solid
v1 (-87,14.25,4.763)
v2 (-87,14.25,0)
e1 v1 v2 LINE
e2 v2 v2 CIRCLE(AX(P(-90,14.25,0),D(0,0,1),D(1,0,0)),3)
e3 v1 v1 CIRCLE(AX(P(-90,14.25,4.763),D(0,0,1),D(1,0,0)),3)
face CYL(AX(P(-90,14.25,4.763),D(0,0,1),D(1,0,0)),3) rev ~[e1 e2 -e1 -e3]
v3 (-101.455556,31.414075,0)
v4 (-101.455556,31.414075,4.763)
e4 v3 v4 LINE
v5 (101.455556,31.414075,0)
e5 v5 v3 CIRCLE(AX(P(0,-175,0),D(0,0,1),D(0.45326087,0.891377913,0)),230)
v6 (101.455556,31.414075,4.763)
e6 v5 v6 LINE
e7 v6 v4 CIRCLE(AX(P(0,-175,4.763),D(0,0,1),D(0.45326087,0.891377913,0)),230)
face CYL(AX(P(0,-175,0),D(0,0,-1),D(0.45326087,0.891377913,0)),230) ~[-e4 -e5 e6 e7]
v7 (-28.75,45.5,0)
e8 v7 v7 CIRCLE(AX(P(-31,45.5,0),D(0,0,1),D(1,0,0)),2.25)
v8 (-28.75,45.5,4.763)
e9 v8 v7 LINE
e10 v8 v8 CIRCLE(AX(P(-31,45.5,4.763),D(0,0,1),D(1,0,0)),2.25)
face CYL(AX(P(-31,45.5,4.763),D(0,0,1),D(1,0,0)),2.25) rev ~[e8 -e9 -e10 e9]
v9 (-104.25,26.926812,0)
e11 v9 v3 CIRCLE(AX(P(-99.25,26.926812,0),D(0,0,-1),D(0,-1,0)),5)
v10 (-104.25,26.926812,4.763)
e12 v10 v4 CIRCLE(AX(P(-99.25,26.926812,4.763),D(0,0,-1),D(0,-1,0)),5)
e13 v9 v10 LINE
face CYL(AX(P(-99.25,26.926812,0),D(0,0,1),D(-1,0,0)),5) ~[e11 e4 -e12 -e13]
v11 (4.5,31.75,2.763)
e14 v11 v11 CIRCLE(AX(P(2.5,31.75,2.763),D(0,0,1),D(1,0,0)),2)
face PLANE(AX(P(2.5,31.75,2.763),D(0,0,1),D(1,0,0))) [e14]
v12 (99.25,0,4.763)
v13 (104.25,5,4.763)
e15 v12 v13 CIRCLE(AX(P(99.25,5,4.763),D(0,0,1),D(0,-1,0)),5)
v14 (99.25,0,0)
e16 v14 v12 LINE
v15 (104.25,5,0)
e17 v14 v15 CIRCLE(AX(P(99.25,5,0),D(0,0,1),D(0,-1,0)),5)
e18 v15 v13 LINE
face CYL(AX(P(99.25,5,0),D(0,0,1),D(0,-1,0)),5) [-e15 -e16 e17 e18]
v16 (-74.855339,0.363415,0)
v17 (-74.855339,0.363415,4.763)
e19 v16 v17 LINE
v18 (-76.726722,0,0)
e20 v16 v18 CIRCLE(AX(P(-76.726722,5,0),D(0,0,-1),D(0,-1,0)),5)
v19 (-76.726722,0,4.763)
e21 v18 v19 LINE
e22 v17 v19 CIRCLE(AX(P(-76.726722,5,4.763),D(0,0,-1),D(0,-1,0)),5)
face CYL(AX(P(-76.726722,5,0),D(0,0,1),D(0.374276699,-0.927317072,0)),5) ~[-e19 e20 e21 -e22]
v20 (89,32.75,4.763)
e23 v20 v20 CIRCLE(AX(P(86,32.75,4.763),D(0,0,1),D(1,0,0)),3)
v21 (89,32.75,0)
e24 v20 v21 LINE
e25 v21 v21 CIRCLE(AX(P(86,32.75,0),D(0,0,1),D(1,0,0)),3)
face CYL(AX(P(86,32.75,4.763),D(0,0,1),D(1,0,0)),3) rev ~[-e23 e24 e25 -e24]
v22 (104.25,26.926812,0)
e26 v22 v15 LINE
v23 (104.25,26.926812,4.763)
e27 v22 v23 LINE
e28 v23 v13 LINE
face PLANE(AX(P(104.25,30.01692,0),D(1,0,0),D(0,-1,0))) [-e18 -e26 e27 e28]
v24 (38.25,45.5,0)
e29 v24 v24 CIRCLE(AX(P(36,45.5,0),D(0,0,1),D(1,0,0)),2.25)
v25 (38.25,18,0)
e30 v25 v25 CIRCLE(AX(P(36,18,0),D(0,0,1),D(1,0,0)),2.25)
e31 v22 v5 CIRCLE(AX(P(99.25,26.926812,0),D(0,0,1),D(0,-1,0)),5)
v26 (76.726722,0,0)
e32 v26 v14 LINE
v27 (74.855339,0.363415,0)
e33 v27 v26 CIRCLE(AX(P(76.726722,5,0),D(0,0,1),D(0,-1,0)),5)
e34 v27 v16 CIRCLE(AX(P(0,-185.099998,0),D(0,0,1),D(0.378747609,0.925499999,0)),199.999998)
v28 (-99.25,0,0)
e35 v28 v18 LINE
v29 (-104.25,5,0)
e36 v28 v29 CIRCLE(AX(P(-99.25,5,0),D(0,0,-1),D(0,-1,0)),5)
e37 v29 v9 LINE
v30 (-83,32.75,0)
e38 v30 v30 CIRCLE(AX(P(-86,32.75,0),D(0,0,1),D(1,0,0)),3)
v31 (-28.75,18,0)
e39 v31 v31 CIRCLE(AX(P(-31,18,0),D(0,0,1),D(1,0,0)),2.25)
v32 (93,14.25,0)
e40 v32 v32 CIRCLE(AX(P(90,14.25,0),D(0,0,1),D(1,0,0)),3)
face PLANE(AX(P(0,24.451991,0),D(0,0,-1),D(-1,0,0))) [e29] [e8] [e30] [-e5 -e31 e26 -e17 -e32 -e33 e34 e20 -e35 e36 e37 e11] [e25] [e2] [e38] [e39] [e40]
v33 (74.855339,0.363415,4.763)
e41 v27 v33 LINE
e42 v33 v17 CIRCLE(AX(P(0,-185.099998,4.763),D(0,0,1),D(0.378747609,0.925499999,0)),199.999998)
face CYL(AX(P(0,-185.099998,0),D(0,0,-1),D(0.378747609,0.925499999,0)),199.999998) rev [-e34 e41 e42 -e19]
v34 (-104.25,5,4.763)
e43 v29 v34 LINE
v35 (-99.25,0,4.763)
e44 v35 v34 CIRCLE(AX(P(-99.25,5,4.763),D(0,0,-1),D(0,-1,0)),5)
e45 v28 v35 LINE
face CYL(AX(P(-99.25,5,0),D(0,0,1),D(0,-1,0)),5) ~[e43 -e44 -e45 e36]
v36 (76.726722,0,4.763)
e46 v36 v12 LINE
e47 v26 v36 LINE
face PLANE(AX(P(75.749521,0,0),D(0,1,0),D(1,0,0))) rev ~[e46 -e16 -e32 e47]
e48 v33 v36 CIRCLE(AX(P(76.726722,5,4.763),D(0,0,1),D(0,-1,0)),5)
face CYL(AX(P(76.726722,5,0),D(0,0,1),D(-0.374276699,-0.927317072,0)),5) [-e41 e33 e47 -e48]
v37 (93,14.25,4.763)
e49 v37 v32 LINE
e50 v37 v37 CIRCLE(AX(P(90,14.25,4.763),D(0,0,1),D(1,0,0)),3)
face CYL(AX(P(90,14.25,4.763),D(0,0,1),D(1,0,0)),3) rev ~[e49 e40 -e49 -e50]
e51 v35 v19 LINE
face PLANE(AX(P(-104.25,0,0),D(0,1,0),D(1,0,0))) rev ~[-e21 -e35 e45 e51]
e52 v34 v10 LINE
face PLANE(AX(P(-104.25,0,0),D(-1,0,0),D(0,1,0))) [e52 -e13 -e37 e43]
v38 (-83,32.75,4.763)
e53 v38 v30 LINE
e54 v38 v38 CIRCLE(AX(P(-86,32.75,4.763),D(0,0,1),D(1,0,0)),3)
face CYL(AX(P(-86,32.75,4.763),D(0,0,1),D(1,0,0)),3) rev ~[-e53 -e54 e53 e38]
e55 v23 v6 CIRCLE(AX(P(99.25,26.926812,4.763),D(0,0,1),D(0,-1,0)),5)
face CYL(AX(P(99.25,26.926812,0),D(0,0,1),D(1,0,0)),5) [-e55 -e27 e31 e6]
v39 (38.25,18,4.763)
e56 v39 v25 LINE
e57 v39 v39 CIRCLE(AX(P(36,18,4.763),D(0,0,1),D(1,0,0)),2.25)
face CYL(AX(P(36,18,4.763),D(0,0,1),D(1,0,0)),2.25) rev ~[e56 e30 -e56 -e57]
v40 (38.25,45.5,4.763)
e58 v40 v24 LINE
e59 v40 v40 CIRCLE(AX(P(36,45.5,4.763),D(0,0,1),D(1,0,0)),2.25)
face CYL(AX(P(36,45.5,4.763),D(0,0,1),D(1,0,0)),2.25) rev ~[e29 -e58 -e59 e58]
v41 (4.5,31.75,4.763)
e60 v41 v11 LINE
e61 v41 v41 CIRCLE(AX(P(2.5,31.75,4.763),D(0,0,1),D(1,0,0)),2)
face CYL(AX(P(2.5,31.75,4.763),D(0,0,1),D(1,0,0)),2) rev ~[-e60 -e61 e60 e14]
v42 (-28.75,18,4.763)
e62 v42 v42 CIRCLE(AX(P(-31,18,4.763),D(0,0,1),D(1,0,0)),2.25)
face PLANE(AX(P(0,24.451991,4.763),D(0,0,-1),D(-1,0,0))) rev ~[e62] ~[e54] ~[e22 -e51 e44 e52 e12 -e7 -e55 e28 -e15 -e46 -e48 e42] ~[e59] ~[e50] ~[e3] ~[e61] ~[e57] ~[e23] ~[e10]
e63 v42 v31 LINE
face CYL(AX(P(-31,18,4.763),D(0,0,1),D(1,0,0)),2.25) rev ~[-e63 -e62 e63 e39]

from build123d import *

# Parameters (mm, degrees)
PAD_DEPTH       = 4.763
SKETCH001_R     = 2.25
SKETCH001_R_2   = 3
POCKET_DEPTH    = 4.764
FILLET_R        = 5
SKETCH003_R     = 2
POCKET001_DEPTH = 2


with BuildPart() as part:
    # Sketch → Pad (new body)
    with BuildSketch(Plane.XY):
        with BuildLine():
            ThreePointArc((75.749521, 0), (0, 14.9), (-75.749521, 0))
            Line((-104.25, 0), (-75.749521, 0))
            Line((-104.25, 0), (-104.25, 30.01692))
            ThreePointArc((104.25, 30.01692), (0, 55), (-104.25, 30.01692))
            Line((104.25, 30.01692), (104.25, 0))
            Line((75.749521, 0), (104.25, 0))
        make_face()
    extrude(amount=PAD_DEPTH)

    # Sketch001 (on Face8 of Pad) → Pocket (cut, through all)
    with BuildSketch(Plane.XY.offset(4.763)):
        with Locations((-31, 45.5)):
            Circle(SKETCH001_R)
        with Locations((36, 45.5)):
            Circle(SKETCH001_R)
        with Locations((36, 18)):
            Circle(SKETCH001_R)
        with Locations((-31, 18)):
            Circle(SKETCH001_R)
        with Locations((-90, 14.25)):
            Circle(SKETCH001_R_2)
        with Locations((-86, 32.75)):
            Circle(SKETCH001_R_2)
        with Locations((86, 32.75)):
            Circle(SKETCH001_R_2)
        with Locations((90, 14.25)):
            Circle(SKETCH001_R_2)
    extrude(amount=-POCKET_DEPTH, mode=Mode.SUBTRACT)

    # Fillet
    fillet_edges = [part.edges().sort_by_distance(p)[0] for p in [
        (-104.25, 30.01692, 2.3815),
        (-104.25, 0, 2.3815),
        (104.25, 30.01692, 2.3815),
        (-75.749521, 0, 2.3815),
        (75.749521, 0, 2.3815),
        (104.25, 0, 2.3815),
    ]]
    fillet(fillet_edges, radius=FILLET_R)

    # Sketch003 (on Face5 of Fillet) → Pocket001 (cut)
    with BuildSketch(Plane.XY.offset(4.763)):
        with Locations((2.5, 31.75)):
            Circle(SKETCH003_R)
    extrude(amount=-POCKET001_DEPTH, mode=Mode.SUBTRACT)


solid = part.part
